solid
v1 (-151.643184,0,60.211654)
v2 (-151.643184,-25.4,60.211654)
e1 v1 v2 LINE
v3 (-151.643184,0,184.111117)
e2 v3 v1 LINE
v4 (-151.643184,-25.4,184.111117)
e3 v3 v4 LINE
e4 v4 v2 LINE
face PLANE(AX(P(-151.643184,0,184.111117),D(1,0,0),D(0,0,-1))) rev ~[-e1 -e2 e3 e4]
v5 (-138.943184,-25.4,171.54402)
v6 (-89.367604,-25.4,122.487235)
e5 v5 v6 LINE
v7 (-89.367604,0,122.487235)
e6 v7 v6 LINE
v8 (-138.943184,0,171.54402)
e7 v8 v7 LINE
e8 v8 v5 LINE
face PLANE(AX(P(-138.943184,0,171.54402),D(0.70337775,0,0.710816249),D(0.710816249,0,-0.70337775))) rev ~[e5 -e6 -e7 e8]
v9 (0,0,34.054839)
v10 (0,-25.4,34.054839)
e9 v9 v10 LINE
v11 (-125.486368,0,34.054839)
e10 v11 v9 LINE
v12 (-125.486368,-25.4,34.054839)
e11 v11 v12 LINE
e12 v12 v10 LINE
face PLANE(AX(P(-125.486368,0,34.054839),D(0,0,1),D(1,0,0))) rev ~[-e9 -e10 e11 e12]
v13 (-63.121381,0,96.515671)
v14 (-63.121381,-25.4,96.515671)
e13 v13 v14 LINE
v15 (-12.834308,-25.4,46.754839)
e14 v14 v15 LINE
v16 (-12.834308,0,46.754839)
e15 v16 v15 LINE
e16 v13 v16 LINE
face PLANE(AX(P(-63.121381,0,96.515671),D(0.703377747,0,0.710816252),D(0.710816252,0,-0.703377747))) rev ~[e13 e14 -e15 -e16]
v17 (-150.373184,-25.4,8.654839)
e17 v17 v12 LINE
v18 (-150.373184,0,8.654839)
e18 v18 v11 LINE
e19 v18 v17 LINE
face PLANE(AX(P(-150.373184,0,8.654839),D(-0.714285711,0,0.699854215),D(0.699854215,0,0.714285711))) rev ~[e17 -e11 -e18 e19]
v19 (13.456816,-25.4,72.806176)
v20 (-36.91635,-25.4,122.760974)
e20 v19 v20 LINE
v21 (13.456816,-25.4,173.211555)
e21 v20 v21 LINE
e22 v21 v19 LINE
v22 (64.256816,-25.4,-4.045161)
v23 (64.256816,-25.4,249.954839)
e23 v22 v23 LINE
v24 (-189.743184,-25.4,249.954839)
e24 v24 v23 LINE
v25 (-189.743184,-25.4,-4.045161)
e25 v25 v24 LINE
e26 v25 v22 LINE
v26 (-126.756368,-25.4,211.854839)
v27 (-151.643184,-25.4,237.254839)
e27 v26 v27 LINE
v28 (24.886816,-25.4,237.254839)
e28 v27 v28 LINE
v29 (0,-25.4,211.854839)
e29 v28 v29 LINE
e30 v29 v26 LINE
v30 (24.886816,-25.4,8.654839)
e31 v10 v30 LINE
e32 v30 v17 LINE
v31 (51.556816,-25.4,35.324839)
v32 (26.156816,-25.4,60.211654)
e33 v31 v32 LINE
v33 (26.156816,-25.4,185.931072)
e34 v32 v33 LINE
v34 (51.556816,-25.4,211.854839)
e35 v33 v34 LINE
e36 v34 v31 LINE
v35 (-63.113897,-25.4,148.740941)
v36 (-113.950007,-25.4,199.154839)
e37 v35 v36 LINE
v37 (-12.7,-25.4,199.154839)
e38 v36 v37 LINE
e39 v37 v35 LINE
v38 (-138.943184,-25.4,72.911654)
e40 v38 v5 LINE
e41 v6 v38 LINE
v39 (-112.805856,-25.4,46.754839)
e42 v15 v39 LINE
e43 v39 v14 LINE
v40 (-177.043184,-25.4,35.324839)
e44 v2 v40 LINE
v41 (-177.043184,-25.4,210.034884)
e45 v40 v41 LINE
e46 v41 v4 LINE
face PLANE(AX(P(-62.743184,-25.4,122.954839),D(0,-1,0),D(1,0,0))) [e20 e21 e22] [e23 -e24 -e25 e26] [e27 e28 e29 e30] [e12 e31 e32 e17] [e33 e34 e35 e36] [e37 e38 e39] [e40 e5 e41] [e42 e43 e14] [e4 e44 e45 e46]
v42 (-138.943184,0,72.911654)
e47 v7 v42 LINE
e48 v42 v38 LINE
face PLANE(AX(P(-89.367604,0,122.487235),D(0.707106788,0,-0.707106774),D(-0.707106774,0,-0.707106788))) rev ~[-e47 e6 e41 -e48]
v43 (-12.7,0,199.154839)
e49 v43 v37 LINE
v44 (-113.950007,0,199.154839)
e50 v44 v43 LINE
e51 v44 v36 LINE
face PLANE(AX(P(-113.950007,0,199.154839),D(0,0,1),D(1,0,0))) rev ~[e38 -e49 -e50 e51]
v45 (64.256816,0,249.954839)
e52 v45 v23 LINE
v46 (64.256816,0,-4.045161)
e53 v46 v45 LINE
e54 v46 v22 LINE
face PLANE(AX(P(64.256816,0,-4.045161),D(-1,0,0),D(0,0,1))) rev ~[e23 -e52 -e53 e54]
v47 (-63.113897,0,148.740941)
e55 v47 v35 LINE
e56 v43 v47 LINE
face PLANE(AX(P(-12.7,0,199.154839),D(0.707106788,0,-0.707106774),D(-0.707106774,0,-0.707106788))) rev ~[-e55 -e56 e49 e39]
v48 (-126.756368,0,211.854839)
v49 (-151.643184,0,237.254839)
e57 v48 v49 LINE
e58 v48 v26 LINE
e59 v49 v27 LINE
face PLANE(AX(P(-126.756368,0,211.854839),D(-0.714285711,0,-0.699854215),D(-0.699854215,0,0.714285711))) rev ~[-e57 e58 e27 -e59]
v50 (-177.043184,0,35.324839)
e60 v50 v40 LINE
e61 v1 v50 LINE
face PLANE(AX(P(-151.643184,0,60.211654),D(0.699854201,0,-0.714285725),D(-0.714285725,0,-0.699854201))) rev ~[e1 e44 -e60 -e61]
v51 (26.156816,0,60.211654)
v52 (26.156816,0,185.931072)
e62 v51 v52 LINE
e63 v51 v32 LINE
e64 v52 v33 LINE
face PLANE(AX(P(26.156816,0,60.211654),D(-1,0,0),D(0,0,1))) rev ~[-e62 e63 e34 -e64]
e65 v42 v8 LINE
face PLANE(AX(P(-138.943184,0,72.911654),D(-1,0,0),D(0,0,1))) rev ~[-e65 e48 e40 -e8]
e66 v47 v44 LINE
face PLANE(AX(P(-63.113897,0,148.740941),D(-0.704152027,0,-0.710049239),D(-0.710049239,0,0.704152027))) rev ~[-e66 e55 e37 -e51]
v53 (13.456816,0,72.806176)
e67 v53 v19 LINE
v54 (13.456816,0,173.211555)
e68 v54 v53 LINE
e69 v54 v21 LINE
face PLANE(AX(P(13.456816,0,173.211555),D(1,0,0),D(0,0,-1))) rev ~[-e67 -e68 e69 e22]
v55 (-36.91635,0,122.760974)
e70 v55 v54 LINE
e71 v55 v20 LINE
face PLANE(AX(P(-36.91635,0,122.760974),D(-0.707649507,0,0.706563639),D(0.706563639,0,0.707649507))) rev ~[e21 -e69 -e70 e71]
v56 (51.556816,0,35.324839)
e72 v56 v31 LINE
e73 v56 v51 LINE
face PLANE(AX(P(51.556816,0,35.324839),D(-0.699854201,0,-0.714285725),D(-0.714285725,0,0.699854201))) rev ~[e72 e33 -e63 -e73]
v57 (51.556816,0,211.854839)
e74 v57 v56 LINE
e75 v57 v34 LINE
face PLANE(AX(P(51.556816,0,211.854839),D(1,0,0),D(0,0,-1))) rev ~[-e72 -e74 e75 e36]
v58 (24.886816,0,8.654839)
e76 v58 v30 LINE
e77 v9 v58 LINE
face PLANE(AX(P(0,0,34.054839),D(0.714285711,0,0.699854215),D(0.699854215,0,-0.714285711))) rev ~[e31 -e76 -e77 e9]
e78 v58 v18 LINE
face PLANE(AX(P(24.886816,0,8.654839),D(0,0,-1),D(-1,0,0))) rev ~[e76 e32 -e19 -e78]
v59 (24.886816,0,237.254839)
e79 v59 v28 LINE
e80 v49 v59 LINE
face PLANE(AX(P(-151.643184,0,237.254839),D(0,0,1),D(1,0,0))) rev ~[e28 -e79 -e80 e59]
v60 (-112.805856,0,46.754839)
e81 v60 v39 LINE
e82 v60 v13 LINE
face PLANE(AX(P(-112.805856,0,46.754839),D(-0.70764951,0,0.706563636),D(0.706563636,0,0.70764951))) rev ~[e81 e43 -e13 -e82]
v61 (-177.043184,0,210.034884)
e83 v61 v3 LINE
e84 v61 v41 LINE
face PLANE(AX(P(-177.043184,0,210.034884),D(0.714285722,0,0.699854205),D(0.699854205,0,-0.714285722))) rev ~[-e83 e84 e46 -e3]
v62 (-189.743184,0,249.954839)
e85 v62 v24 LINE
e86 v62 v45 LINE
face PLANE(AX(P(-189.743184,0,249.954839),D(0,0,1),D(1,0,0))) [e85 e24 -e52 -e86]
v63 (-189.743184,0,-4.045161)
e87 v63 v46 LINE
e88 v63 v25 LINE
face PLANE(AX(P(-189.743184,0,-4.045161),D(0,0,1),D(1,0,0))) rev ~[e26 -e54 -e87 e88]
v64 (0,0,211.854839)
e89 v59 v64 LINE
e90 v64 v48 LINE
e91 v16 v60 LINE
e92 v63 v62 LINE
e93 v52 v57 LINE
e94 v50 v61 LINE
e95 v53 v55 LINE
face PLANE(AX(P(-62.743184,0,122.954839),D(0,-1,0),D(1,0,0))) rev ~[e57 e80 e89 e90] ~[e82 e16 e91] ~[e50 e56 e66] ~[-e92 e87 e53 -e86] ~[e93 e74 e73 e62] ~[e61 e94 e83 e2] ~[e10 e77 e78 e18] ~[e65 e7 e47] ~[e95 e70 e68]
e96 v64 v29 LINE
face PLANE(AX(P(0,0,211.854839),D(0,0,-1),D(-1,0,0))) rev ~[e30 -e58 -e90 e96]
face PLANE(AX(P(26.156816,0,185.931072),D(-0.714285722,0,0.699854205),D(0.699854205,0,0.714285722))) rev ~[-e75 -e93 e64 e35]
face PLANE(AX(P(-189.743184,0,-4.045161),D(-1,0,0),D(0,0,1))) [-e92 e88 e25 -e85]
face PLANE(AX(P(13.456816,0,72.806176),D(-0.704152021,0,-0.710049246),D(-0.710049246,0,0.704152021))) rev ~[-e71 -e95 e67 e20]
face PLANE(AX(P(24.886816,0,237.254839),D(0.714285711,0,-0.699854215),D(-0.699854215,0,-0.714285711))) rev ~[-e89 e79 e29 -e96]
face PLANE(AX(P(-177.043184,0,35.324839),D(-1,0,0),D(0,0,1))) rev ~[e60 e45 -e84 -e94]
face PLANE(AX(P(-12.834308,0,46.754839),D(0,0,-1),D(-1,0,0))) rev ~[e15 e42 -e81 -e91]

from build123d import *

# Parameters (mm, degrees)
F0_W     = 254
F0_H     = 254
F1_DEPTH = 25.4


with BuildPart() as f1:
    # F0 (on Front) → F1 (new body)
    with BuildSketch(Plane.XZ):
        with Locations((-62.743184, 122.954839)):
            Rectangle(F0_W, F0_H)
        Polygon((-177.043184, 35.324839), (-177.043184, 210.034884), (-151.643184, 184.111117), (-151.643184, 60.211654), align=None, mode=Mode.SUBTRACT)
        Polygon((-12.834308, 46.754839), (-112.805856, 46.754839), (-63.121381, 96.515671), align=None, mode=Mode.SUBTRACT)
        Polygon((-138.943184, 72.911654), (-138.943184, 171.54402), (-89.367604, 122.487235), align=None, mode=Mode.SUBTRACT)
        Polygon((24.886816, 8.654839), (-150.373184, 8.654839), (-125.486368, 34.054839), (0, 34.054839), align=None, mode=Mode.SUBTRACT)
        Polygon((-63.113897, 148.740941), (-113.950007, 199.154839), (-12.7, 199.154839), align=None, mode=Mode.SUBTRACT)
        Polygon((-126.756368, 211.854839), (-151.643184, 237.254839), (24.886816, 237.254839), (0, 211.854839), align=None, mode=Mode.SUBTRACT)
        Polygon((-36.91635, 122.760974), (13.456816, 173.211555), (13.456816, 72.806176), align=None, mode=Mode.SUBTRACT)
        Polygon((26.156816, 185.931072), (51.556816, 211.854839), (51.556816, 35.324839), (26.156816, 60.211654), align=None, mode=Mode.SUBTRACT)
    extrude(amount=F1_DEPTH)


solid = f1.part
